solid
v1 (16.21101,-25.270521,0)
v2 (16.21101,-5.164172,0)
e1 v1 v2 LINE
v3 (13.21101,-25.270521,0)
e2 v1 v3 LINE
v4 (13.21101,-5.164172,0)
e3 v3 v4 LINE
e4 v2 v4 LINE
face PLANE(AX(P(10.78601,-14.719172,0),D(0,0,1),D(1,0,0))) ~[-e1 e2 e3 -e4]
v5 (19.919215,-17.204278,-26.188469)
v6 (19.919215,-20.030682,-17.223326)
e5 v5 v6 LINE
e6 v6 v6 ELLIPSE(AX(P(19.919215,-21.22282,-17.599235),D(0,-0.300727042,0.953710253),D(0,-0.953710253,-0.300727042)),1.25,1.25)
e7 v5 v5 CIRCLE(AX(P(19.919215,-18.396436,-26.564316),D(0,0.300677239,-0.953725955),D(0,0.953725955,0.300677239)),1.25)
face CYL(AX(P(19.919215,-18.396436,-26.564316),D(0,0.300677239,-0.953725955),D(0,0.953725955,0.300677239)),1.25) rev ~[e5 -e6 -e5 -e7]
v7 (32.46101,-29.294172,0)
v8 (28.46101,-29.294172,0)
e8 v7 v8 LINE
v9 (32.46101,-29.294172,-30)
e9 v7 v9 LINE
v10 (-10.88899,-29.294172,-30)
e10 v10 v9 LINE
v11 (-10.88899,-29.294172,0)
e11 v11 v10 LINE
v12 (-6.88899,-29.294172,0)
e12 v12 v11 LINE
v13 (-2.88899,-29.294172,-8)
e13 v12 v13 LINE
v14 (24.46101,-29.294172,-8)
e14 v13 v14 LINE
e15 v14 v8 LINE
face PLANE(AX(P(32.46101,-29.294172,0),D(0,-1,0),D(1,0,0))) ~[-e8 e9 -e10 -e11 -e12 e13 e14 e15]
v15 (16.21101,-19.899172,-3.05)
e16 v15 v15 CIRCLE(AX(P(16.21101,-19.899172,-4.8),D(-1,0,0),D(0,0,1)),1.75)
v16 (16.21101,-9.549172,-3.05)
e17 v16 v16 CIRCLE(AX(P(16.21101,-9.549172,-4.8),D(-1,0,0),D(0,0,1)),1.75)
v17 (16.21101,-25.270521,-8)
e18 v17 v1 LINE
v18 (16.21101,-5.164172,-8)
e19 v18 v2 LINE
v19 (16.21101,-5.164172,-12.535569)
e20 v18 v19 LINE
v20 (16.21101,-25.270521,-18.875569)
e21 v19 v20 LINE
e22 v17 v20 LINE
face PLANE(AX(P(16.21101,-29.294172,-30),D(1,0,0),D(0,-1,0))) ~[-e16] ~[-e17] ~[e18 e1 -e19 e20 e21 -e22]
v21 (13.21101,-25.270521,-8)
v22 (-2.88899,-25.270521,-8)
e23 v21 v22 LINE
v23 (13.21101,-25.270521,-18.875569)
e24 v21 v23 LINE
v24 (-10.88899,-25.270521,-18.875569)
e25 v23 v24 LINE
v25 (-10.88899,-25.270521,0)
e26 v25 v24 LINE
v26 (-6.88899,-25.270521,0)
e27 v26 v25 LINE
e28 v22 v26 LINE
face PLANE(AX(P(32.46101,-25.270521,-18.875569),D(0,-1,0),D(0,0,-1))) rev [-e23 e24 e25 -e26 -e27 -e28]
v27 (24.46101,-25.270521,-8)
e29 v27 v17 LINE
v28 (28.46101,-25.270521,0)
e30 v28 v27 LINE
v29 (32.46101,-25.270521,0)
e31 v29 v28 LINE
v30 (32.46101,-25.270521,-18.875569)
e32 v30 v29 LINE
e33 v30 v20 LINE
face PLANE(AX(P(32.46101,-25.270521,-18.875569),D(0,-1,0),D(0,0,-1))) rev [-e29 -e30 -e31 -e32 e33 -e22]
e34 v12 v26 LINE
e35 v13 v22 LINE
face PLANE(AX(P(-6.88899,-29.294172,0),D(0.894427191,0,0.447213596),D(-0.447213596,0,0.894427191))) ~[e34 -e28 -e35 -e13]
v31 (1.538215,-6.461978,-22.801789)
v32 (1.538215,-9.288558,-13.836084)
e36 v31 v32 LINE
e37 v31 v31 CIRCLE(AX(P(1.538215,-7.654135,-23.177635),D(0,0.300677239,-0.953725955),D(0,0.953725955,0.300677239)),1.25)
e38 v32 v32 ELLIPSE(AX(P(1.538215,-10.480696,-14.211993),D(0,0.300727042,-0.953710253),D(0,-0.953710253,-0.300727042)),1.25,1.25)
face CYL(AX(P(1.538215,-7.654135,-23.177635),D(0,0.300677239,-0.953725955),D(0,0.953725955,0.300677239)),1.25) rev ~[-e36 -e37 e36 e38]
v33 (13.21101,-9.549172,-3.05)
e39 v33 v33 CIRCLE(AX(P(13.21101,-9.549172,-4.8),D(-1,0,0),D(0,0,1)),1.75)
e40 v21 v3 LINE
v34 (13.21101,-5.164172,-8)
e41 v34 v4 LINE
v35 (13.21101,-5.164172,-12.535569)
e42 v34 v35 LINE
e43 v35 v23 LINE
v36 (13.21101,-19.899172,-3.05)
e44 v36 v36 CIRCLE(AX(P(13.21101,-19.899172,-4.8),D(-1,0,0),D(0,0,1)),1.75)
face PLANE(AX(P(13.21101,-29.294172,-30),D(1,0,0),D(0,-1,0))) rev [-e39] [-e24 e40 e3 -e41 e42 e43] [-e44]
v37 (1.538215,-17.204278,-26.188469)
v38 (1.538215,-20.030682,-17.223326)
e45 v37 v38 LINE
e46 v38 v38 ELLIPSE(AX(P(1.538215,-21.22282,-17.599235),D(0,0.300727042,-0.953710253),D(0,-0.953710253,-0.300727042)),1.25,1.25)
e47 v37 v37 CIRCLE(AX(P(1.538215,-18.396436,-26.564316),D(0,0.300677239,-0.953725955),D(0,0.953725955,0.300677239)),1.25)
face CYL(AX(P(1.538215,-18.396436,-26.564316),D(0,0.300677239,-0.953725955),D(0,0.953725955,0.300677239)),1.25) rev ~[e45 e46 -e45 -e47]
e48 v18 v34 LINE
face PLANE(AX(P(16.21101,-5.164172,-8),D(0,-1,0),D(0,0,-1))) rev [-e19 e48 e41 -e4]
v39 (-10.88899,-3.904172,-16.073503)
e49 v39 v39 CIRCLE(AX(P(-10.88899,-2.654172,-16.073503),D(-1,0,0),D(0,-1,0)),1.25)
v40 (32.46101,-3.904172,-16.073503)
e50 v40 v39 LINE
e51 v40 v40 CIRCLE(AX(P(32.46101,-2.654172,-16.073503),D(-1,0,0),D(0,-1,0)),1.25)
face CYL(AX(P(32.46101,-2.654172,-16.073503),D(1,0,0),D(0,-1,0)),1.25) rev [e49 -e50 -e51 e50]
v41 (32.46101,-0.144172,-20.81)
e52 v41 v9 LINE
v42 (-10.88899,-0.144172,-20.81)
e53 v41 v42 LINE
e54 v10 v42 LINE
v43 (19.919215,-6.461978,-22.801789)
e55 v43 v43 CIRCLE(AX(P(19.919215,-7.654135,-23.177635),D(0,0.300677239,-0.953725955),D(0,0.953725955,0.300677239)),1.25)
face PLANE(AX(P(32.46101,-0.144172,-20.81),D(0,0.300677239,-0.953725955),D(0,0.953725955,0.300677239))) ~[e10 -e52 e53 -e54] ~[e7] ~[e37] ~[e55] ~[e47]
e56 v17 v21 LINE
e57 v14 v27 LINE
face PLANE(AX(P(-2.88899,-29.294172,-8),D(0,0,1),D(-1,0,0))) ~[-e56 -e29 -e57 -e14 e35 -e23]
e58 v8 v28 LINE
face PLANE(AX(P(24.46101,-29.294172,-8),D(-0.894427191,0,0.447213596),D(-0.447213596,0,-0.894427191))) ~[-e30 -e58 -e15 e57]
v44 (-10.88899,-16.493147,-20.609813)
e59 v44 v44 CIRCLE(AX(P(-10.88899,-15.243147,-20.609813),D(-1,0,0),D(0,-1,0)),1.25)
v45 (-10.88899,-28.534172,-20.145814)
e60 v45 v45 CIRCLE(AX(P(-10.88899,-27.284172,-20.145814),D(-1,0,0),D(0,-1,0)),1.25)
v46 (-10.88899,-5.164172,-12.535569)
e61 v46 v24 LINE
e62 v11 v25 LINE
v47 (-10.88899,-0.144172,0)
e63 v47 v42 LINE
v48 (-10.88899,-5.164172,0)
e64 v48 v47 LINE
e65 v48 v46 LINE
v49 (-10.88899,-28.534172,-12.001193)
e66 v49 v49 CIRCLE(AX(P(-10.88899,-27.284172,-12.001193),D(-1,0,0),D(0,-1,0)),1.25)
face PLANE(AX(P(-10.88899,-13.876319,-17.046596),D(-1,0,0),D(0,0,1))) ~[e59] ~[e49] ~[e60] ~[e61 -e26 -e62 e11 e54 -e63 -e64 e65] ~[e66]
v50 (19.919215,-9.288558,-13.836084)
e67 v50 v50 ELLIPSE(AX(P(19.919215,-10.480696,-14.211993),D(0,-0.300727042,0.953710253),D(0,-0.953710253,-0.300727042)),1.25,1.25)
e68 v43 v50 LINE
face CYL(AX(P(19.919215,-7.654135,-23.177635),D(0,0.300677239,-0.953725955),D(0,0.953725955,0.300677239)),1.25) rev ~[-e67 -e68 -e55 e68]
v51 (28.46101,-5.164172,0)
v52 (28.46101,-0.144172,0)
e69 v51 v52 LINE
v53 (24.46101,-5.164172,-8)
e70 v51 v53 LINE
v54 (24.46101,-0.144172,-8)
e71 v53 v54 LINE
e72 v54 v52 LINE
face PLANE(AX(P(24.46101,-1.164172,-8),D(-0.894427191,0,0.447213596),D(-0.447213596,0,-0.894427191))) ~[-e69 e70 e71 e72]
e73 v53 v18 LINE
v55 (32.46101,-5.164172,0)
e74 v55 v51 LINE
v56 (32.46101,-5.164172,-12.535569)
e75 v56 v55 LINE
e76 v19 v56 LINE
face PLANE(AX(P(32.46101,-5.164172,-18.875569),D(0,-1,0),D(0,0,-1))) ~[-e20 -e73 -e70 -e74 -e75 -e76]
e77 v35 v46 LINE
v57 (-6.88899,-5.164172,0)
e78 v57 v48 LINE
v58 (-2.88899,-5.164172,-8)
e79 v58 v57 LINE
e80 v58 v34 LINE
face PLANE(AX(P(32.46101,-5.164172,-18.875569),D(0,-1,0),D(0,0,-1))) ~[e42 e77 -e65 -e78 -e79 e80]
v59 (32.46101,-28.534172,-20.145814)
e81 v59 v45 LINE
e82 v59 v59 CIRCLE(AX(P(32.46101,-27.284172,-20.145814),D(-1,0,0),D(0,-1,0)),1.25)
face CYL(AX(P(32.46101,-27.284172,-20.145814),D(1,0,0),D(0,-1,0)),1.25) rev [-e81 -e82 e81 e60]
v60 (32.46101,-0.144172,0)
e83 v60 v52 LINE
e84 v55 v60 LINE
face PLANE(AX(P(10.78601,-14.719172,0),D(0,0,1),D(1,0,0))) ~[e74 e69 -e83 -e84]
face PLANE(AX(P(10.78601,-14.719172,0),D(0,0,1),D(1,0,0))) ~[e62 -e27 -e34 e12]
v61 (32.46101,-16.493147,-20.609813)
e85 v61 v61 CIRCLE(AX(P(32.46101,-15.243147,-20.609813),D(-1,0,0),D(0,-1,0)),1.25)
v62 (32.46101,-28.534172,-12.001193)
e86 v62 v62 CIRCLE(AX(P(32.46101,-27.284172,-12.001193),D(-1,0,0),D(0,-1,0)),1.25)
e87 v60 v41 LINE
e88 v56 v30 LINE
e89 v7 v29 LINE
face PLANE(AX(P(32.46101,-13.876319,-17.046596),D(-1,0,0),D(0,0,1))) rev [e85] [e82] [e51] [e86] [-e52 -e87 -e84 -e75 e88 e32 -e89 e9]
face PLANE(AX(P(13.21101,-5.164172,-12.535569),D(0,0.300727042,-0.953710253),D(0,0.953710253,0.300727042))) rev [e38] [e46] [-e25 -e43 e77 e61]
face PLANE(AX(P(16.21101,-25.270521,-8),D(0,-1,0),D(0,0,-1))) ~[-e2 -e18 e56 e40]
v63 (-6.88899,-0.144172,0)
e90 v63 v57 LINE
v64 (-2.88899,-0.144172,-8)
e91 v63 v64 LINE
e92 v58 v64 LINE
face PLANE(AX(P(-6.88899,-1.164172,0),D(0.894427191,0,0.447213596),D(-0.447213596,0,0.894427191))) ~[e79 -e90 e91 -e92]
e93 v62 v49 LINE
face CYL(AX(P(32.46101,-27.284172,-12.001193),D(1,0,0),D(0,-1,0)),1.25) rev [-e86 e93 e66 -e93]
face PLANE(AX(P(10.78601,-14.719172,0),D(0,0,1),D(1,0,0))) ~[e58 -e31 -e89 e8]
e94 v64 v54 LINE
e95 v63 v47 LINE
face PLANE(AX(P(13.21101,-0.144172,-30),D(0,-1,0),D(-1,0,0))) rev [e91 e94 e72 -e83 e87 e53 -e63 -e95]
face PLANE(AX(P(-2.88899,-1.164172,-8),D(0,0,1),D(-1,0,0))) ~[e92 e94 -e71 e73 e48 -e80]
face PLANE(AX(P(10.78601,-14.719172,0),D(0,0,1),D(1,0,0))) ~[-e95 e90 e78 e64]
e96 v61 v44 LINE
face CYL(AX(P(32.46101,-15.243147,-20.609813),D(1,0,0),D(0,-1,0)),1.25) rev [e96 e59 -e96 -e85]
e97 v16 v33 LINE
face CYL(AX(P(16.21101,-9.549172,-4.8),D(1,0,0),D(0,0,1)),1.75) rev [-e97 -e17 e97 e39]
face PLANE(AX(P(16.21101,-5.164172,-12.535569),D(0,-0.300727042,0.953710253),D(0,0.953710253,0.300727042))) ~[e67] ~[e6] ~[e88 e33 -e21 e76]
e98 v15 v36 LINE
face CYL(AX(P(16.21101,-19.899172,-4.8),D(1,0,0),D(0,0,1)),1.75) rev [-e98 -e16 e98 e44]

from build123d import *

# Parameters (mm, degrees)
SKETCH1_W            = 43.35
SKETCH1_H            = 29.15
BOSS_EXTRUDE1_DEPTH  = 30
CUT_EXTRUDE6_DEPTH   = 28.13
SKETCH11_W           = 18.87556933
SKETCH11_H           = 20.106349468
CUT_EXTRUDE8_DEPTH   = 50
SKETCH14_W           = 3
SKETCH14_H           = 29.15
BOSS_EXTRUDE5_DEPTH  = 30
SKETCH15_W           = 8
SKETCH15_H           = 4.023650532
CUT_EXTRUDE10_DEPTH  = 5
SKETCH16_W           = 8
SKETCH16_H           = 4
CUT_EXTRUDE11_DEPTH  = 5
SKETCH17_R           = 1.75
CUT_EXTRUDE12_DEPTH  = 5
CUT_EXTRUDE14_DEPTH  = 50
SKETCH30_R           = 1.25
CUT_EXTRUDE23_DEPTH  = 45
SKETCH31_R           = 1.25
CUT_EXTRUDE24_DEPTH  = 50
SKETCH32_R           = 1.25
CUT_EXTRUDE25_DEPTH  = 50
CUT_EXTRUDE29_DEPTH  = 5
BOSS_EXTRUDE13_DEPTH = 24.1
BOSS_EXTRUDE14_DEPTH = 16.25
SKETCH74_R           = 1.250000003
CUT_EXTRUDE30_DEPTH  = 10


with BuildPart() as part:
    # Sketch1 → Boss-Extrude1 (new body)
    with BuildSketch(Plane.XY):
        with Locations((-32.56399028, -14.719171637)):
            Rectangle(SKETCH1_W, SKETCH1_H)
    extrude(amount=-BOSS_EXTRUDE1_DEPTH)

    # Sketch9 → Cut-Extrude6 (cut)
    with BuildSketch(Plane.XZ.offset(29.294171637)):
        Polygon((-14.88899028, 0), (-18.88899028, -8), (-46.23899028, -8), (-50.23899028, 0), align=None)
    extrude(amount=-CUT_EXTRUDE6_DEPTH, mode=Mode.SUBTRACT)

    # Sketch11 → Cut-Extrude8 (cut)
    with BuildSketch(Plane.ZY.offset(54.23899028)):
        with Locations((-9.437784665, -15.217346371)):
            Rectangle(SKETCH11_W, SKETCH11_H)
    extrude(amount=-CUT_EXTRUDE8_DEPTH, mode=Mode.SUBTRACT)

    # Sketch14 → Boss-Extrude5 (add)
    with BuildSketch(Plane(origin=(0, 0, -30), x_dir=(-1, 0, 0), z_dir=(0, 0, -1))):
        with Locations((36.48899028, -14.719171637)):
            Rectangle(SKETCH14_W, SKETCH14_H)
    extrude(amount=-BOSS_EXTRUDE5_DEPTH)

    # Sketch15 → Cut-Extrude10 (cut)
    with BuildSketch(Plane.ZY.offset(37.98899028)):
        with Locations((-4, -27.282346371)):
            Rectangle(SKETCH15_W, SKETCH15_H)
    extrude(amount=-CUT_EXTRUDE10_DEPTH, mode=Mode.SUBTRACT)

    # Sketch16 → Cut-Extrude11 (cut)
    with BuildSketch(Plane.ZY.offset(37.98899028)):
        with Locations((-4, -3.164171637)):
            Rectangle(SKETCH16_W, SKETCH16_H)
    extrude(amount=-CUT_EXTRUDE11_DEPTH, mode=Mode.SUBTRACT)

    # Sketch17 → Cut-Extrude12 (cut)
    with BuildSketch(Plane.ZY.offset(37.98899028)):
        with Locations((-4.799999988, -19.899171637)):
            Circle(SKETCH17_R)
        with Locations((-4.799999989, -9.549171637)):
            Circle(SKETCH17_R)
    extrude(amount=-CUT_EXTRUDE12_DEPTH, mode=Mode.SUBTRACT)

    # Sketch20 → Cut-Extrude14 (cut)
    with BuildSketch(Plane.ZY.offset(54.23899028)):
        Polygon((-30, -29.294171637), (-30, -0.144171637), (-20.81, -0.144171637), align=None)
    extrude(amount=-CUT_EXTRUDE14_DEPTH, mode=Mode.SUBTRACT)

    # Sketch30 → Cut-Extrude23 (cut)
    with BuildSketch(Plane.ZY.offset(54.23899028)):
        with Locations(Location((-12.001192799, -27.284171637, 0), (0, 0, 270))):
            Circle(SKETCH30_R)
        with Locations(Location((-20.145814089, -27.284171637, 0), (0, 0, 270))):
            Circle(SKETCH30_R)
    extrude(amount=-CUT_EXTRUDE23_DEPTH, mode=Mode.SUBTRACT)

    # Sketch31 → Cut-Extrude24 (cut)
    with BuildSketch(Plane.ZY.offset(54.23899028)):
        with Locations(Location((-16.073503444, -2.654171637, 0), (0, 0, 270))):
            Circle(SKETCH31_R)
    extrude(amount=-CUT_EXTRUDE24_DEPTH, mode=Mode.SUBTRACT)

    # Sketch32 → Cut-Extrude25 (cut)
    with BuildSketch(Plane.ZY.offset(54.23899028)):
        with Locations(Location((-20.609812978, -15.243146641, 0), (0, 0, 270))):
            Circle(SKETCH32_R)
    extrude(amount=-CUT_EXTRUDE25_DEPTH, mode=Mode.SUBTRACT)

    # Sketch56 → Cut-Extrude29 (cut)
    with BuildSketch(Plane.XZ.offset(1.164171637)):
        Polygon((-14.88899028, 0), (-18.88899028, -8), (-46.23899028, -8), (-50.23899028, 0), align=None)
    extrude(amount=-CUT_EXTRUDE29_DEPTH, mode=Mode.SUBTRACT)

    # Sketch68 → Boss-Extrude13 (add)
    with BuildSketch(Plane(origin=(-34.98899028, 0, 0), x_dir=(0, 0, -1), z_dir=(1, 0, 0))):
        Polygon((18.87556933, -5.164171637), (12.53556933, -5.164171637), (18.87556933, -25.270521105), align=None)
    extrude(amount=BOSS_EXTRUDE13_DEPTH)

    # Sketch73 → Boss-Extrude14 (add)
    with BuildSketch(Plane.ZY.offset(37.98899028)):
        Polygon((-18.87556933, -5.164171637), (-12.53556933, -5.164171637), (-18.87556933, -25.270521105), align=None)
    extrude(amount=BOSS_EXTRUDE14_DEPTH)


with BuildPart() as body_2:
    # Mirror1: mirrored copy
    add(part.part.mirror(Plane(origin=(-10.88899028, -0.144171637, -30), x_dir=(0, 0, 1), z_dir=(1, 0, 0))))

    # Sketch74 → Cut-Extrude30 (cut)
    with BuildSketch(Plane(origin=(0, 5.954518238, -18.887291254), x_dir=(-1, 0, 0), z_dir=(0, 0.3006772394057975, -0.953725955242547))):
        with Locations(Location((-19.919214984, -25.5324432, 0), (0, 0, 90))):
            Circle(SKETCH74_R)
        with Locations(Location((-1.538214984, -25.532443188, 0), (0, 0, 90))):
            Circle(SKETCH74_R)
        with Locations(Location((-1.538214991, -14.26893462, 0), (0, 0, 90))):
            Circle(SKETCH74_R)
        with Locations(Location((-19.919214991, -14.268934632, 0), (0, 0, 90))):
            Circle(SKETCH74_R)
    extrude(amount=-CUT_EXTRUDE30_DEPTH, mode=Mode.SUBTRACT)


solid = body_2.part
